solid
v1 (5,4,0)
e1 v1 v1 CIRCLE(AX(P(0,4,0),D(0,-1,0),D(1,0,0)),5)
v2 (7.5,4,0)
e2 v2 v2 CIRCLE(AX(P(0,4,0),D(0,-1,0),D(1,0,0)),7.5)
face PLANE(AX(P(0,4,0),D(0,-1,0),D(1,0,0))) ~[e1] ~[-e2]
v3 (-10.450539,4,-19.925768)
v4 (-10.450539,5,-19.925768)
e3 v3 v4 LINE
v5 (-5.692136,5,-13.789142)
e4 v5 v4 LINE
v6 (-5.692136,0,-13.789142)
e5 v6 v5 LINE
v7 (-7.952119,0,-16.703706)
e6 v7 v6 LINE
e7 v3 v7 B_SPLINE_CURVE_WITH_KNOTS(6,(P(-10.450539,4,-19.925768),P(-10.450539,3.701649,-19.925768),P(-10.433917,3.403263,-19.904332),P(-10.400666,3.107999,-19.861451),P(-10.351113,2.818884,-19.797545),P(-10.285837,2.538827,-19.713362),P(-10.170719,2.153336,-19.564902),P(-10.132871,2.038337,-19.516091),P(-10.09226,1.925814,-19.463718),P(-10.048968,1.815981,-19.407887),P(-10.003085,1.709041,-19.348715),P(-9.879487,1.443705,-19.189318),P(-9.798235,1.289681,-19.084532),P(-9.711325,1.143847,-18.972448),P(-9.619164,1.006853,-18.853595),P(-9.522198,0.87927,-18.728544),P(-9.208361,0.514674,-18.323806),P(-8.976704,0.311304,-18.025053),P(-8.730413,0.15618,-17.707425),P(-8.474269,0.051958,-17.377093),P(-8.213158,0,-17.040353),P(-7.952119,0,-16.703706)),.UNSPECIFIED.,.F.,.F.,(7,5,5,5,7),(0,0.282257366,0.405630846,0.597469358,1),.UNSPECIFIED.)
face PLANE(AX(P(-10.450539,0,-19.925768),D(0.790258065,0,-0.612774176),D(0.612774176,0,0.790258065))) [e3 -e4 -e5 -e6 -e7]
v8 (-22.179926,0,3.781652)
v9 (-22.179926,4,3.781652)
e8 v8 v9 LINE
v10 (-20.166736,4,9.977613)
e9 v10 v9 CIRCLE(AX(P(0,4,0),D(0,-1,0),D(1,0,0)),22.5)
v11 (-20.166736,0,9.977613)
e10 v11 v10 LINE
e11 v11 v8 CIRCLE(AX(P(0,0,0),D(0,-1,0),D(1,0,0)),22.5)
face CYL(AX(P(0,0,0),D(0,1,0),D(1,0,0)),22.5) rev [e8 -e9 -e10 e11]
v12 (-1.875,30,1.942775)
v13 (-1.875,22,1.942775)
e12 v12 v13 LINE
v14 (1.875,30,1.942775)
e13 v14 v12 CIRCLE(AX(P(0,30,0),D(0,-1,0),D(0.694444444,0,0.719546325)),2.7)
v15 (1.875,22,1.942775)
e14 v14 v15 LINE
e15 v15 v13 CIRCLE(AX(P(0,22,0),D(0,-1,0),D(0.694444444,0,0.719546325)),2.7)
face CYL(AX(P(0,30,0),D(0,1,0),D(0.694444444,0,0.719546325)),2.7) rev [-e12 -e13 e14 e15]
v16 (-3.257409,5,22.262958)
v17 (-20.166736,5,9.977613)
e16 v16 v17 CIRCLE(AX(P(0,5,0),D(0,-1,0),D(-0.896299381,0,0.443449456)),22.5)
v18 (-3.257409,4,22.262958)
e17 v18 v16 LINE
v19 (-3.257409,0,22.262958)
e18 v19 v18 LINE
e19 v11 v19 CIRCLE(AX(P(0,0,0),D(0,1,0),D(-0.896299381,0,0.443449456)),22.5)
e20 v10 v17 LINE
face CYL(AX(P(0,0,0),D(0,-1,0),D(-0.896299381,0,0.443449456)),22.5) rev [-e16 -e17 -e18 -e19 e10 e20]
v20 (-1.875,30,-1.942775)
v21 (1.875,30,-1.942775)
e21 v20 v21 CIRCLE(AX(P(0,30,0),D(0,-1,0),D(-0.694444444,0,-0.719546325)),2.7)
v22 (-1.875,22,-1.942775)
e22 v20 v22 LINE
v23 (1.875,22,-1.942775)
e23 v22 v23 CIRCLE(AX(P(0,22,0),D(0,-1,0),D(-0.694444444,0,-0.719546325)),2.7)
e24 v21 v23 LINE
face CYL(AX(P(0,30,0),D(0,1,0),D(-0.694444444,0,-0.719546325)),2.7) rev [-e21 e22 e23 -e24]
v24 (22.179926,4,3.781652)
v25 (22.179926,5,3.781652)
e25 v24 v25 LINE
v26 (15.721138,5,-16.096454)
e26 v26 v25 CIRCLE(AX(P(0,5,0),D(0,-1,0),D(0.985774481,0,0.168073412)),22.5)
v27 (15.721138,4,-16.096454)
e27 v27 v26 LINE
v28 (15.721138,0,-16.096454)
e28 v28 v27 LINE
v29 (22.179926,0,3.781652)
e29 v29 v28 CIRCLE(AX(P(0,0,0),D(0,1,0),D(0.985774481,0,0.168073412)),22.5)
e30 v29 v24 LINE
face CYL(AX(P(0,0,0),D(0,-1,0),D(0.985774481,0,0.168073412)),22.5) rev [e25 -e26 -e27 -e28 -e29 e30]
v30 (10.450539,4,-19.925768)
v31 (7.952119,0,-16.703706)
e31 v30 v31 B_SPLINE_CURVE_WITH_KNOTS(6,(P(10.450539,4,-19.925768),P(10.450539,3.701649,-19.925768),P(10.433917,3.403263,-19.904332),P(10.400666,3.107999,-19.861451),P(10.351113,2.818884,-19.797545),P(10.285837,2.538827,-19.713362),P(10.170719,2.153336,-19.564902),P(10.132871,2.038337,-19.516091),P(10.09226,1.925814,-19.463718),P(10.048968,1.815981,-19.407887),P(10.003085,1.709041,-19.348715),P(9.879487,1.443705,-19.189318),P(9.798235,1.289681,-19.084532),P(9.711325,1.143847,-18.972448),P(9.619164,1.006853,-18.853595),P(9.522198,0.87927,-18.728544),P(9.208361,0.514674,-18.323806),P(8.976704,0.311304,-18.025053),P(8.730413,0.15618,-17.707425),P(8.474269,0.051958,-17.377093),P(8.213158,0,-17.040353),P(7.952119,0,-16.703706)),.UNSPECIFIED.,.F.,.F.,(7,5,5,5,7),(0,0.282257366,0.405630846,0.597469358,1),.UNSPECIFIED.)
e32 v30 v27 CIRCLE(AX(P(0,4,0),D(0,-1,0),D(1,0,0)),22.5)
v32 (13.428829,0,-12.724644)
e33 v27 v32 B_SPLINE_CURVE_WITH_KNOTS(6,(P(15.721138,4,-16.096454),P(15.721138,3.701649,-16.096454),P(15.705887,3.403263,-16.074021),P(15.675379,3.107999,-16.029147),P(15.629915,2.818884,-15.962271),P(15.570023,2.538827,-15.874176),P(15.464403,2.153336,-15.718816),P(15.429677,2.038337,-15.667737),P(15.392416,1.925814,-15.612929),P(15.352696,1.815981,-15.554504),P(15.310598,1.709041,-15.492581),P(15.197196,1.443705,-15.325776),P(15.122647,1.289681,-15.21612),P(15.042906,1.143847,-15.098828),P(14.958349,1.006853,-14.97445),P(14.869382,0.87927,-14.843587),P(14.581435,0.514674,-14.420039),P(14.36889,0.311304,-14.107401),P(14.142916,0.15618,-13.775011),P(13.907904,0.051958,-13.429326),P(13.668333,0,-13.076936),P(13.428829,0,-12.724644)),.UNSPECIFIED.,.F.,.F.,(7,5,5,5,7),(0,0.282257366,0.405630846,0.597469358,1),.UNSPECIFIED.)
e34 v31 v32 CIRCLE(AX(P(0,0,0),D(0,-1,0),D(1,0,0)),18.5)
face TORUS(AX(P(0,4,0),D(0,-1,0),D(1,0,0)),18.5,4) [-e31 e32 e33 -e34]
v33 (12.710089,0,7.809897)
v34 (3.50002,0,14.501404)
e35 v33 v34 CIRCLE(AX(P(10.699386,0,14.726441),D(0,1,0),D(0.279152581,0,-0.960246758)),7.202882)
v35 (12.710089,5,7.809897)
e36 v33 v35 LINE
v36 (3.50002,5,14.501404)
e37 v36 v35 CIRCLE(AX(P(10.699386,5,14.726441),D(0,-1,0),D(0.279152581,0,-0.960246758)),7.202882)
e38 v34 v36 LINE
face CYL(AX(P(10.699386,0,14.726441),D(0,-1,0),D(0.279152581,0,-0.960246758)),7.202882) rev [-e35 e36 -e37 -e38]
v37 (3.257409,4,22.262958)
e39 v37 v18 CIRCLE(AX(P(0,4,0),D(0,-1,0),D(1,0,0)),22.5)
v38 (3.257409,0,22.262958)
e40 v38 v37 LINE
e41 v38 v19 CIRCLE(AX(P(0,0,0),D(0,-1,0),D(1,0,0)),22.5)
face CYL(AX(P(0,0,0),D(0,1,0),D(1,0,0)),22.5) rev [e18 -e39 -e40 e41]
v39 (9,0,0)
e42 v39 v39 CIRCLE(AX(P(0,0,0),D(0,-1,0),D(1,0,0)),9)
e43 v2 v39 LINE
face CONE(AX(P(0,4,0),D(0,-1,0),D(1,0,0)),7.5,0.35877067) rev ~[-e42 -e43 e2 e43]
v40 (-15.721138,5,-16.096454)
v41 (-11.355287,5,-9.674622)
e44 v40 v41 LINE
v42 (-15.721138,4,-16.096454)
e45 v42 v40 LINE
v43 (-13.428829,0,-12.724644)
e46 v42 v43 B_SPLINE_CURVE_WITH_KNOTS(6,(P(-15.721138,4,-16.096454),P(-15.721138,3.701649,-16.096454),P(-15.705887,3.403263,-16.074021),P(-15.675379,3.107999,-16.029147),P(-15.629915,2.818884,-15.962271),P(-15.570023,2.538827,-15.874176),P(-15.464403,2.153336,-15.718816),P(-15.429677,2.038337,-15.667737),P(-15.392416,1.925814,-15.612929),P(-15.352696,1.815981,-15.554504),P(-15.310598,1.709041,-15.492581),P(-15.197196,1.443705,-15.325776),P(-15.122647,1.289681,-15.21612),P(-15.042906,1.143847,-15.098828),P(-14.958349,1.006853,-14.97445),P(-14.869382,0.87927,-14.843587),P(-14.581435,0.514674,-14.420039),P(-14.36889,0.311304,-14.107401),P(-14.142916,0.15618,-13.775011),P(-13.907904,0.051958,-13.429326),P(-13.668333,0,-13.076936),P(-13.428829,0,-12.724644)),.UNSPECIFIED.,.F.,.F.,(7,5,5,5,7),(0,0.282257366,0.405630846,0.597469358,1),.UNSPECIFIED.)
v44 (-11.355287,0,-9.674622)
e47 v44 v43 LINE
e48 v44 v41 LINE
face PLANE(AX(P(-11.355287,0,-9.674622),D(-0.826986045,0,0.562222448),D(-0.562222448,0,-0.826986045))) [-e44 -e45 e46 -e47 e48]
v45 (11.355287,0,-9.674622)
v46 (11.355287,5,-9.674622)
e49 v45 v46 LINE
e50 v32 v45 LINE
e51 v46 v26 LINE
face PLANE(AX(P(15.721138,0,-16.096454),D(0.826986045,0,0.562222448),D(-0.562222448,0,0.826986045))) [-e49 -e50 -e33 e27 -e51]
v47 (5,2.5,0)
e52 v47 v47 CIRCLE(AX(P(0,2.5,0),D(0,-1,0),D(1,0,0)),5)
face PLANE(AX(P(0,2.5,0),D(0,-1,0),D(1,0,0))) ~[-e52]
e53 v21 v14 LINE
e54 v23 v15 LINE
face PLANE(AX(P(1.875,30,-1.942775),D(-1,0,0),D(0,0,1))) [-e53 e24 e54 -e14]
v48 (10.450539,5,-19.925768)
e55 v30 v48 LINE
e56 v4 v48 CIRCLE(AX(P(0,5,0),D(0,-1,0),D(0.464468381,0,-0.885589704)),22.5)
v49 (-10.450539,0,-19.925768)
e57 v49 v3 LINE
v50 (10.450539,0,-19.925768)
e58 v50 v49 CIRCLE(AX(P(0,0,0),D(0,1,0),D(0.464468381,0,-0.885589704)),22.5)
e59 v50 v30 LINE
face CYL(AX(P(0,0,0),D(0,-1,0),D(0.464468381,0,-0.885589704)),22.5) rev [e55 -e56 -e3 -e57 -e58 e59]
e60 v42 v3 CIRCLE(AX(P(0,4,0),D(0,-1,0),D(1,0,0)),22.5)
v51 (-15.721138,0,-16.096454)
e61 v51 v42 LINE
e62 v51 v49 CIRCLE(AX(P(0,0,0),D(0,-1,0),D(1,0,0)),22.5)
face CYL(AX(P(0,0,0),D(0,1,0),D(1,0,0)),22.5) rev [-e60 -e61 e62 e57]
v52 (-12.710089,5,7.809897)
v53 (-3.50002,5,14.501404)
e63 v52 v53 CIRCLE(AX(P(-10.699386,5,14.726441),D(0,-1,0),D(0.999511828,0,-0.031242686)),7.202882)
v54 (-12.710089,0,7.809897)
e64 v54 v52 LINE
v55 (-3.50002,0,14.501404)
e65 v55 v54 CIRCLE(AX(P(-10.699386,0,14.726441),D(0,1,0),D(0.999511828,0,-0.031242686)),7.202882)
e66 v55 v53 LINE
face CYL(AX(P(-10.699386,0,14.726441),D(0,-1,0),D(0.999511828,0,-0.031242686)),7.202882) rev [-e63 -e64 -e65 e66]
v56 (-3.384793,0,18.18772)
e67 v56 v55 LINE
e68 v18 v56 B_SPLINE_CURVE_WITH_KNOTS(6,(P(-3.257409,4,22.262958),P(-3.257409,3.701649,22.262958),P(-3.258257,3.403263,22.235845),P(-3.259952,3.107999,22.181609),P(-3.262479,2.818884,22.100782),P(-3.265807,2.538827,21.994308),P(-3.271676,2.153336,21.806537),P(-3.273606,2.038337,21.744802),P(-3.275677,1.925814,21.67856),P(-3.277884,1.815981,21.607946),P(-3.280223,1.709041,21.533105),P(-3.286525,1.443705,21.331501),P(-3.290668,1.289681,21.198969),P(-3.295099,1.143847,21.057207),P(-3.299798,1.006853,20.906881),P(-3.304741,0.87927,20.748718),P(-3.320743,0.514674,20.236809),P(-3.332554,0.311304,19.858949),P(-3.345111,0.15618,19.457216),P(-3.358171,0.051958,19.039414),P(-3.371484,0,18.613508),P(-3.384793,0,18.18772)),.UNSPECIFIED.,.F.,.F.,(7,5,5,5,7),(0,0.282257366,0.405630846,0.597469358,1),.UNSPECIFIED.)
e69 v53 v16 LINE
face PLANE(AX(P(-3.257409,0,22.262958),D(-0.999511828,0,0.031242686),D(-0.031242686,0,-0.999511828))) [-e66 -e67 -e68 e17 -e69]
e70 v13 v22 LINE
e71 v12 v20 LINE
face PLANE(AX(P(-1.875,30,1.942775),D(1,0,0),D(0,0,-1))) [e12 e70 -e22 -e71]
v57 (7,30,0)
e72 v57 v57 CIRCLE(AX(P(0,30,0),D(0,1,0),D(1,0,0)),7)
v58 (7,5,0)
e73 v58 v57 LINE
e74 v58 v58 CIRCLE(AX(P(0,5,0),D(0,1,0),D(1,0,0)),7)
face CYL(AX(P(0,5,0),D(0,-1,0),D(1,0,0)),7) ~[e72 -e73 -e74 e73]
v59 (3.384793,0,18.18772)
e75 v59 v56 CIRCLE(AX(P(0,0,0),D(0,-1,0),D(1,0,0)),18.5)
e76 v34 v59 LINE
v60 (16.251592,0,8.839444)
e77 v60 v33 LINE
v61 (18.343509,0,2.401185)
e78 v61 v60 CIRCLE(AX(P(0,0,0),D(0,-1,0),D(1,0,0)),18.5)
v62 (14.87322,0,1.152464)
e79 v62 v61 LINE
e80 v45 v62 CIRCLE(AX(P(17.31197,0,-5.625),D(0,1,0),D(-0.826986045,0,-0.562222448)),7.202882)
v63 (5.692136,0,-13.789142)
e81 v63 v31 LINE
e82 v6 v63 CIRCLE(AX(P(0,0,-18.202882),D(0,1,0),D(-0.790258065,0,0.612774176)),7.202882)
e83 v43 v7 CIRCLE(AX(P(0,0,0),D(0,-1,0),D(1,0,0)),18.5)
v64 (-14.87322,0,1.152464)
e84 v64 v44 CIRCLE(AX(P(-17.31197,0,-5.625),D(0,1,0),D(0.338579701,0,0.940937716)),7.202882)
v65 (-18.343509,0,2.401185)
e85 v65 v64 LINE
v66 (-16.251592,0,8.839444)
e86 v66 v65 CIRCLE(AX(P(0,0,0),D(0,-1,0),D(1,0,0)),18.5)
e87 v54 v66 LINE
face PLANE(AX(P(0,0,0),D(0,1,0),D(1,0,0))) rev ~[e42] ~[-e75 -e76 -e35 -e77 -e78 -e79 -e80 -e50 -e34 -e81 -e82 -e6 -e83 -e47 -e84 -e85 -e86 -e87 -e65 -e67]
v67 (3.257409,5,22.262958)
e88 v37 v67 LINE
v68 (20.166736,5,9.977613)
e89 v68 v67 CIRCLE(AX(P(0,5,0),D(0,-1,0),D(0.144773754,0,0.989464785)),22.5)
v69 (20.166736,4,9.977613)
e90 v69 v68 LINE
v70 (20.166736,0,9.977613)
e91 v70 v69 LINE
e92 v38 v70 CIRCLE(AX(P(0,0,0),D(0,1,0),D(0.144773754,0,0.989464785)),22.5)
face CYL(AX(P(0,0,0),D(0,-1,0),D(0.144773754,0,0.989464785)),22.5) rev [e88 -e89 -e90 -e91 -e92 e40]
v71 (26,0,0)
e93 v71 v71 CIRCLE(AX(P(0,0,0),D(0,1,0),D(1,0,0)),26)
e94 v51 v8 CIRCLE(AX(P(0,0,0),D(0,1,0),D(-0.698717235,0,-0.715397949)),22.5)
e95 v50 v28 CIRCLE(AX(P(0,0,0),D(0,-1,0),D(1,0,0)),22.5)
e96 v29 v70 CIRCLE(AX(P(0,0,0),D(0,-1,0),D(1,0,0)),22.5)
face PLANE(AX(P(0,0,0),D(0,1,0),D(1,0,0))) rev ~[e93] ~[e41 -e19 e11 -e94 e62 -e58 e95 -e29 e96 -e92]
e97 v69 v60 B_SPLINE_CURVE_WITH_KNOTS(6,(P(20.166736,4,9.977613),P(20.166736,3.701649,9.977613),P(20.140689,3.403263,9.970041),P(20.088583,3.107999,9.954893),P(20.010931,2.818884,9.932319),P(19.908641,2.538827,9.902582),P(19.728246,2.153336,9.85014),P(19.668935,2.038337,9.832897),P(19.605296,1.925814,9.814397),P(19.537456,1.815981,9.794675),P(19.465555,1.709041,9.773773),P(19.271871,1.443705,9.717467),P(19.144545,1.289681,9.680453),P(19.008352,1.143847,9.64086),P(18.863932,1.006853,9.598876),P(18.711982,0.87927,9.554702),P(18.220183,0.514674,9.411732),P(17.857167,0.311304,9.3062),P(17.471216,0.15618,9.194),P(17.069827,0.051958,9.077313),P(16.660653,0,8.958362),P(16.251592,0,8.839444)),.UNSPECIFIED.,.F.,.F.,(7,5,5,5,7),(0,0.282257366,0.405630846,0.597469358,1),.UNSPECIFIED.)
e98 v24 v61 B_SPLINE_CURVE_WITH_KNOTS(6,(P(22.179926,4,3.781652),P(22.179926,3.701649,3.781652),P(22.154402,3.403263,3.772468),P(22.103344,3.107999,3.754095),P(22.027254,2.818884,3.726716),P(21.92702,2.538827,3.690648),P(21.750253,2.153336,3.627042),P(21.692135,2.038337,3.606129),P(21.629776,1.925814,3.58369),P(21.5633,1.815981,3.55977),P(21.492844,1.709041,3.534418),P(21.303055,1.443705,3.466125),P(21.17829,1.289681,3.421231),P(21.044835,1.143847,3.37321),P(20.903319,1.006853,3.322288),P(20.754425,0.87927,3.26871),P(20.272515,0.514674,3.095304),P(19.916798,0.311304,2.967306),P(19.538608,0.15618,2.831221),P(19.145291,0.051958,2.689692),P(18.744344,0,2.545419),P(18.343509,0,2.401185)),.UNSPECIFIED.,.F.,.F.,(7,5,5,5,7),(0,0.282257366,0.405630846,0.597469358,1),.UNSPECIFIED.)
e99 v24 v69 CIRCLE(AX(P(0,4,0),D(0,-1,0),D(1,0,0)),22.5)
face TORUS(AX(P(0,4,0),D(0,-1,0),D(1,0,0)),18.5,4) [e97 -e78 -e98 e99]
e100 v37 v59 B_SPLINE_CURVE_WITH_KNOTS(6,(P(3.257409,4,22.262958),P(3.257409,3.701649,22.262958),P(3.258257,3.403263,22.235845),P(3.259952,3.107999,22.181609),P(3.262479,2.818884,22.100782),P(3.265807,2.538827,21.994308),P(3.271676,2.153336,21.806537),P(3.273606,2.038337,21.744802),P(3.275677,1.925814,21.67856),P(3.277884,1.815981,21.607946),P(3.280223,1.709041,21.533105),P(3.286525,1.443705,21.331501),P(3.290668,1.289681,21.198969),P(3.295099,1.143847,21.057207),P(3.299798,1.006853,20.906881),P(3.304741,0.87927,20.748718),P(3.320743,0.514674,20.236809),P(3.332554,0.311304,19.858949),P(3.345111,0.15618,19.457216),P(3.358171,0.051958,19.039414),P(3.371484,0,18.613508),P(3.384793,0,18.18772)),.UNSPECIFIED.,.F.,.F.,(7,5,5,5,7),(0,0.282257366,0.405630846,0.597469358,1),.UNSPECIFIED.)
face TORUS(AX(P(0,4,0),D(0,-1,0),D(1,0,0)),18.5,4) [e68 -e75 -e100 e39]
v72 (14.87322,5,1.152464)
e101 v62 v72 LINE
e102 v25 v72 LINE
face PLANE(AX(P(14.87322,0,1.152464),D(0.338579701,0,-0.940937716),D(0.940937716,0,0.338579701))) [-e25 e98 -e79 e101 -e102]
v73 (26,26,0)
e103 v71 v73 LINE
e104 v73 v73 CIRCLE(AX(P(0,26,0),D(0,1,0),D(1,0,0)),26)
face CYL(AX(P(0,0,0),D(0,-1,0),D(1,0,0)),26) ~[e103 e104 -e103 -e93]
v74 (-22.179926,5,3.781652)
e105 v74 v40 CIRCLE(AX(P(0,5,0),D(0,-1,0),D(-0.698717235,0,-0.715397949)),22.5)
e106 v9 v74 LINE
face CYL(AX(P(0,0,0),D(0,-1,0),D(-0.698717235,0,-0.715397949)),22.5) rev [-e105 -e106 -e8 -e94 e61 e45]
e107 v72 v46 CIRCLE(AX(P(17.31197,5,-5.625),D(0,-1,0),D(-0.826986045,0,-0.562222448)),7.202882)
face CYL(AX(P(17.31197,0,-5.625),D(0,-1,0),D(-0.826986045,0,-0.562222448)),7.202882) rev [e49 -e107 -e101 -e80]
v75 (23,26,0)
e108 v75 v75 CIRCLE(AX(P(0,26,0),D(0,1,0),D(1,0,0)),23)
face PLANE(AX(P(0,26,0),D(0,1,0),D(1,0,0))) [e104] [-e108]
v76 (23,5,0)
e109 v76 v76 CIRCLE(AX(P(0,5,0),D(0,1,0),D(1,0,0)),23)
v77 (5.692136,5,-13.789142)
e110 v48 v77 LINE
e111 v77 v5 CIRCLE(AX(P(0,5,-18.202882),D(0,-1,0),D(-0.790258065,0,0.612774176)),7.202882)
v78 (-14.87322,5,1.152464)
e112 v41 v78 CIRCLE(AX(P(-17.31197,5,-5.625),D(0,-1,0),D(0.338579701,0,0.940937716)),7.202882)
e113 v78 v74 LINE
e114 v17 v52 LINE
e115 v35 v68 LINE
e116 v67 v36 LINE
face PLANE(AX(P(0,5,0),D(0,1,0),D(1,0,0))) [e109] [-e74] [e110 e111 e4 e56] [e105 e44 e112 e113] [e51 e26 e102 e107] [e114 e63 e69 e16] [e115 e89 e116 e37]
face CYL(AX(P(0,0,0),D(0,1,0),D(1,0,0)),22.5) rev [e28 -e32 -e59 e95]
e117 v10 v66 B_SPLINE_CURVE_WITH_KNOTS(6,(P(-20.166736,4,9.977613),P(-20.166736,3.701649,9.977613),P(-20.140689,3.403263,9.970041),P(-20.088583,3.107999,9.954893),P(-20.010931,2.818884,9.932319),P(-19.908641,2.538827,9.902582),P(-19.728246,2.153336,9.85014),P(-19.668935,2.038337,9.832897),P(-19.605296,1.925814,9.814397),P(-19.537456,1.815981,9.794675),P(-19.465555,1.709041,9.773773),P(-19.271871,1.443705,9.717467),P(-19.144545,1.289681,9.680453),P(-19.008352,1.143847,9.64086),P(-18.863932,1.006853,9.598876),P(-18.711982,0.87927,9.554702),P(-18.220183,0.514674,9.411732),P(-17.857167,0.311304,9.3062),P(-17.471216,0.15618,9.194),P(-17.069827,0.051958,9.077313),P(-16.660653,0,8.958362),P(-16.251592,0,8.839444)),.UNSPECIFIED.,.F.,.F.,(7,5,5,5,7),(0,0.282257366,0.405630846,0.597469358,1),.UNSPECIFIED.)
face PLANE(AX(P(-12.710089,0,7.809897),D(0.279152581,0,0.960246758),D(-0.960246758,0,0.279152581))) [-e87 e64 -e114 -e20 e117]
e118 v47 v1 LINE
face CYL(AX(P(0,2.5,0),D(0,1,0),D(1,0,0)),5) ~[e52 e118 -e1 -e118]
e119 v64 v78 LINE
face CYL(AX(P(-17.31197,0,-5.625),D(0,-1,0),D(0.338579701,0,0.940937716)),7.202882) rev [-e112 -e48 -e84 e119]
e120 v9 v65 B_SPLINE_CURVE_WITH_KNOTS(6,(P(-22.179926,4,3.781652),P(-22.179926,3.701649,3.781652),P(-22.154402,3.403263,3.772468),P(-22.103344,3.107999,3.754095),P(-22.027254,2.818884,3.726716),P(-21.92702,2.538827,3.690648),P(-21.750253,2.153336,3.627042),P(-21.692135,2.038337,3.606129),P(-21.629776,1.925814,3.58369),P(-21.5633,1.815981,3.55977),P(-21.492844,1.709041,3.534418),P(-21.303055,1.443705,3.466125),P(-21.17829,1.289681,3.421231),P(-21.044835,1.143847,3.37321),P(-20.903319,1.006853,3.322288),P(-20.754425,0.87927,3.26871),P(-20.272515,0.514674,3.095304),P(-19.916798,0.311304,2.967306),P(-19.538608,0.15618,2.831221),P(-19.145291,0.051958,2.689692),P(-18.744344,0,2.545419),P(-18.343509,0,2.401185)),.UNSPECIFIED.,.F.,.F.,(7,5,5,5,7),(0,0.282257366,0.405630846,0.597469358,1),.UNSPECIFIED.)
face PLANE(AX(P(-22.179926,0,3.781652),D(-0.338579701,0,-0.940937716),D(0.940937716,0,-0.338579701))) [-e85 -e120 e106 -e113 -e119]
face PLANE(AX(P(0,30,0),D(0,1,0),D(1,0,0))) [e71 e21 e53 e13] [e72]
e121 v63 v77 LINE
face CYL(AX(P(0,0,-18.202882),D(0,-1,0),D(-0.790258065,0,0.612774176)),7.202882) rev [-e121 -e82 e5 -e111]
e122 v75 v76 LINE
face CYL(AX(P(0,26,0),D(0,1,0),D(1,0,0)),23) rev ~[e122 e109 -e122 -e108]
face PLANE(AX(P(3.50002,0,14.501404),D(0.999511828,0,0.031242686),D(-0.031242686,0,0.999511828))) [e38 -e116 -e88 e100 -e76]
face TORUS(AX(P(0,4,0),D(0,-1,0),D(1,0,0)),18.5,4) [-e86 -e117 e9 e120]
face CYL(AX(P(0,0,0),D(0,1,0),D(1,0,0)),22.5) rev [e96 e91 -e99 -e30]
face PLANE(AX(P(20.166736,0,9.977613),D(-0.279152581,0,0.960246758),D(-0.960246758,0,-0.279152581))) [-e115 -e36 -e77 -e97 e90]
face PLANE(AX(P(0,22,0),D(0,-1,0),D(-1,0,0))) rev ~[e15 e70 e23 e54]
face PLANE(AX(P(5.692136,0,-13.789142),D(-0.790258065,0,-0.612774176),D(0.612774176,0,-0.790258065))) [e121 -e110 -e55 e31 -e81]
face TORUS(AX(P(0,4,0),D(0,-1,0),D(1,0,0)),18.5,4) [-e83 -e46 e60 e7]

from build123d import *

# Parameters (mm, degrees)
SKETCH1_R           = 26
BOSS_EXTRUDE1_DEPTH = 26
SKETCH2_R           = 23
CUT_EXTRUDE1_DEPTH  = 21
CUT_EXTRUDE2_DEPTH  = 21
SKETCH6_R           = 7
BOSS_EXTRUDE2_DEPTH = 25
CUT_EXTRUDE3_DEPTH  = 8


with BuildPart() as part:
    # Sketch1 → Boss-Extrude1 (new body)
    with BuildSketch(Plane(origin=(0, 0, 0), x_dir=(1, 0, 0), z_dir=(0, 1, 0))):
        Circle(SKETCH1_R)
    extrude(amount=BOSS_EXTRUDE1_DEPTH)

    # Sketch2 → Cut-Extrude1 (cut)
    with BuildSketch(Plane(origin=(0, 26, 0), x_dir=(1, 0, 0), z_dir=(0, 1, 0))):
        Circle(SKETCH2_R)
    extrude(amount=-CUT_EXTRUDE1_DEPTH, mode=Mode.SUBTRACT)

    # Sketch3 → Cut-Extrude2 (cut)
    with BuildSketch(Plane.XZ):
        with BuildLine():
            Line((-3.257409457, 22.262957657), (-3.50001968, 14.501403797))
            ThreePointArc((-3.50001968, 14.501403797), (-6.465637776, 8.899186938), (-12.710089015, 7.809896739))
            Line((-12.710089015, 7.809896739), (-20.166736072, 9.977612751))
            ThreePointArc((-20.166736072, 9.977612751), (-13.225168177, 18.202882373), (-3.257409457, 22.262957657))
        make_face()
        with BuildLine():
            Line((20.166736072, 9.977612751), (12.710089014, 7.809896739))
            ThreePointArc((12.710089014, 7.809896739), (6.465637775, 8.899186939), (3.50001968, 14.501403797))
            Line((3.50001968, 14.501403797), (3.257409457, 22.262957657))
            ThreePointArc((3.257409457, 22.262957657), (13.225168177, 18.202882373), (20.166736072, 9.977612751))
        make_face()
        with BuildLine():
            Line((15.721137791, -16.09645385), (11.355286691, -9.674622163))
            ThreePointArc((11.355286691, -9.674622163), (10.46162168, -3.399186938), (14.873220138, 1.152463692))
            Line((14.873220138, 1.152463692), (22.179925831, 3.781651771))
            ThreePointArc((22.179925831, 3.781651771), (21.398771617, -6.952882373), (15.721137791, -16.09645385))
        make_face()
        with BuildLine():
            Line((-10.450538575, -19.925768329), (-5.692135888, -13.789142064))
            ThreePointArc((-5.692135888, -13.789142064), (0, -11), (5.692135888, -13.789142064))
            Line((5.692135888, -13.789142064), (10.450538575, -19.925768329))
            ThreePointArc((10.450538575, -19.925768329), (0, -22.5), (-10.450538575, -19.925768329))
        make_face()
        with BuildLine():
            Line((-22.179925831, 3.781651771), (-14.873220138, 1.152463692))
            ThreePointArc((-14.873220138, 1.152463692), (-10.46162168, -3.399186938), (-11.355286691, -9.674622163))
            Line((-11.355286691, -9.674622163), (-15.721137791, -16.09645385))
            ThreePointArc((-15.721137791, -16.09645385), (-21.398771617, -6.952882373), (-22.179925831, 3.781651771))
        make_face()
    extrude(amount=-CUT_EXTRUDE2_DEPTH, mode=Mode.SUBTRACT)

    # Sketch5 → Cut-Revolve1 (revolve, cut)
    with BuildSketch(Plane.XY):
        with BuildLine():
            Line((18.5, 0), (22.5, 0))
            Line((22.5, 0), (22.5, 4))
            ThreePointArc((22.5, 4), (21.328427125, 1.171572875), (18.5, 0))
        make_face()
        Polygon((0, 0), (0, 2.5), (5, 2.5), (5, 4), (7.5, 4), (9, 0), align=None)
    revolve(axis=Axis((0, 26, 0), (0, -1, 0)), mode=Mode.SUBTRACT)

    # Sketch6 → Boss-Extrude2 (add)
    with BuildSketch(Plane(origin=(0, 5, 0), x_dir=(1, 0, 0), z_dir=(0, 1, 0))):
        Circle(SKETCH6_R)
    extrude(amount=BOSS_EXTRUDE2_DEPTH)

    # Sketch7 → Cut-Extrude3 (cut)
    with BuildSketch(Plane(origin=(0, 30, 0), x_dir=(1, 0, 0), z_dir=(0, 1, 0))):
        with BuildLine():
            Line((-1.875, 0), (-1.875, 1.942775077))
            ThreePointArc((-1.875, 1.942775077), (0, 2.7), (1.875, 1.942775077))
            Line((1.875, 1.942775077), (1.875, 0))
            Line((1.875, 0), (1.875, -1.942775077))
            ThreePointArc((1.875, -1.942775077), (0, -2.7), (-1.875, -1.942775077))
            Line((-1.875, -1.942775077), (-1.875, 0))
        make_face()
    extrude(amount=-CUT_EXTRUDE3_DEPTH, mode=Mode.SUBTRACT)


solid = part.part
